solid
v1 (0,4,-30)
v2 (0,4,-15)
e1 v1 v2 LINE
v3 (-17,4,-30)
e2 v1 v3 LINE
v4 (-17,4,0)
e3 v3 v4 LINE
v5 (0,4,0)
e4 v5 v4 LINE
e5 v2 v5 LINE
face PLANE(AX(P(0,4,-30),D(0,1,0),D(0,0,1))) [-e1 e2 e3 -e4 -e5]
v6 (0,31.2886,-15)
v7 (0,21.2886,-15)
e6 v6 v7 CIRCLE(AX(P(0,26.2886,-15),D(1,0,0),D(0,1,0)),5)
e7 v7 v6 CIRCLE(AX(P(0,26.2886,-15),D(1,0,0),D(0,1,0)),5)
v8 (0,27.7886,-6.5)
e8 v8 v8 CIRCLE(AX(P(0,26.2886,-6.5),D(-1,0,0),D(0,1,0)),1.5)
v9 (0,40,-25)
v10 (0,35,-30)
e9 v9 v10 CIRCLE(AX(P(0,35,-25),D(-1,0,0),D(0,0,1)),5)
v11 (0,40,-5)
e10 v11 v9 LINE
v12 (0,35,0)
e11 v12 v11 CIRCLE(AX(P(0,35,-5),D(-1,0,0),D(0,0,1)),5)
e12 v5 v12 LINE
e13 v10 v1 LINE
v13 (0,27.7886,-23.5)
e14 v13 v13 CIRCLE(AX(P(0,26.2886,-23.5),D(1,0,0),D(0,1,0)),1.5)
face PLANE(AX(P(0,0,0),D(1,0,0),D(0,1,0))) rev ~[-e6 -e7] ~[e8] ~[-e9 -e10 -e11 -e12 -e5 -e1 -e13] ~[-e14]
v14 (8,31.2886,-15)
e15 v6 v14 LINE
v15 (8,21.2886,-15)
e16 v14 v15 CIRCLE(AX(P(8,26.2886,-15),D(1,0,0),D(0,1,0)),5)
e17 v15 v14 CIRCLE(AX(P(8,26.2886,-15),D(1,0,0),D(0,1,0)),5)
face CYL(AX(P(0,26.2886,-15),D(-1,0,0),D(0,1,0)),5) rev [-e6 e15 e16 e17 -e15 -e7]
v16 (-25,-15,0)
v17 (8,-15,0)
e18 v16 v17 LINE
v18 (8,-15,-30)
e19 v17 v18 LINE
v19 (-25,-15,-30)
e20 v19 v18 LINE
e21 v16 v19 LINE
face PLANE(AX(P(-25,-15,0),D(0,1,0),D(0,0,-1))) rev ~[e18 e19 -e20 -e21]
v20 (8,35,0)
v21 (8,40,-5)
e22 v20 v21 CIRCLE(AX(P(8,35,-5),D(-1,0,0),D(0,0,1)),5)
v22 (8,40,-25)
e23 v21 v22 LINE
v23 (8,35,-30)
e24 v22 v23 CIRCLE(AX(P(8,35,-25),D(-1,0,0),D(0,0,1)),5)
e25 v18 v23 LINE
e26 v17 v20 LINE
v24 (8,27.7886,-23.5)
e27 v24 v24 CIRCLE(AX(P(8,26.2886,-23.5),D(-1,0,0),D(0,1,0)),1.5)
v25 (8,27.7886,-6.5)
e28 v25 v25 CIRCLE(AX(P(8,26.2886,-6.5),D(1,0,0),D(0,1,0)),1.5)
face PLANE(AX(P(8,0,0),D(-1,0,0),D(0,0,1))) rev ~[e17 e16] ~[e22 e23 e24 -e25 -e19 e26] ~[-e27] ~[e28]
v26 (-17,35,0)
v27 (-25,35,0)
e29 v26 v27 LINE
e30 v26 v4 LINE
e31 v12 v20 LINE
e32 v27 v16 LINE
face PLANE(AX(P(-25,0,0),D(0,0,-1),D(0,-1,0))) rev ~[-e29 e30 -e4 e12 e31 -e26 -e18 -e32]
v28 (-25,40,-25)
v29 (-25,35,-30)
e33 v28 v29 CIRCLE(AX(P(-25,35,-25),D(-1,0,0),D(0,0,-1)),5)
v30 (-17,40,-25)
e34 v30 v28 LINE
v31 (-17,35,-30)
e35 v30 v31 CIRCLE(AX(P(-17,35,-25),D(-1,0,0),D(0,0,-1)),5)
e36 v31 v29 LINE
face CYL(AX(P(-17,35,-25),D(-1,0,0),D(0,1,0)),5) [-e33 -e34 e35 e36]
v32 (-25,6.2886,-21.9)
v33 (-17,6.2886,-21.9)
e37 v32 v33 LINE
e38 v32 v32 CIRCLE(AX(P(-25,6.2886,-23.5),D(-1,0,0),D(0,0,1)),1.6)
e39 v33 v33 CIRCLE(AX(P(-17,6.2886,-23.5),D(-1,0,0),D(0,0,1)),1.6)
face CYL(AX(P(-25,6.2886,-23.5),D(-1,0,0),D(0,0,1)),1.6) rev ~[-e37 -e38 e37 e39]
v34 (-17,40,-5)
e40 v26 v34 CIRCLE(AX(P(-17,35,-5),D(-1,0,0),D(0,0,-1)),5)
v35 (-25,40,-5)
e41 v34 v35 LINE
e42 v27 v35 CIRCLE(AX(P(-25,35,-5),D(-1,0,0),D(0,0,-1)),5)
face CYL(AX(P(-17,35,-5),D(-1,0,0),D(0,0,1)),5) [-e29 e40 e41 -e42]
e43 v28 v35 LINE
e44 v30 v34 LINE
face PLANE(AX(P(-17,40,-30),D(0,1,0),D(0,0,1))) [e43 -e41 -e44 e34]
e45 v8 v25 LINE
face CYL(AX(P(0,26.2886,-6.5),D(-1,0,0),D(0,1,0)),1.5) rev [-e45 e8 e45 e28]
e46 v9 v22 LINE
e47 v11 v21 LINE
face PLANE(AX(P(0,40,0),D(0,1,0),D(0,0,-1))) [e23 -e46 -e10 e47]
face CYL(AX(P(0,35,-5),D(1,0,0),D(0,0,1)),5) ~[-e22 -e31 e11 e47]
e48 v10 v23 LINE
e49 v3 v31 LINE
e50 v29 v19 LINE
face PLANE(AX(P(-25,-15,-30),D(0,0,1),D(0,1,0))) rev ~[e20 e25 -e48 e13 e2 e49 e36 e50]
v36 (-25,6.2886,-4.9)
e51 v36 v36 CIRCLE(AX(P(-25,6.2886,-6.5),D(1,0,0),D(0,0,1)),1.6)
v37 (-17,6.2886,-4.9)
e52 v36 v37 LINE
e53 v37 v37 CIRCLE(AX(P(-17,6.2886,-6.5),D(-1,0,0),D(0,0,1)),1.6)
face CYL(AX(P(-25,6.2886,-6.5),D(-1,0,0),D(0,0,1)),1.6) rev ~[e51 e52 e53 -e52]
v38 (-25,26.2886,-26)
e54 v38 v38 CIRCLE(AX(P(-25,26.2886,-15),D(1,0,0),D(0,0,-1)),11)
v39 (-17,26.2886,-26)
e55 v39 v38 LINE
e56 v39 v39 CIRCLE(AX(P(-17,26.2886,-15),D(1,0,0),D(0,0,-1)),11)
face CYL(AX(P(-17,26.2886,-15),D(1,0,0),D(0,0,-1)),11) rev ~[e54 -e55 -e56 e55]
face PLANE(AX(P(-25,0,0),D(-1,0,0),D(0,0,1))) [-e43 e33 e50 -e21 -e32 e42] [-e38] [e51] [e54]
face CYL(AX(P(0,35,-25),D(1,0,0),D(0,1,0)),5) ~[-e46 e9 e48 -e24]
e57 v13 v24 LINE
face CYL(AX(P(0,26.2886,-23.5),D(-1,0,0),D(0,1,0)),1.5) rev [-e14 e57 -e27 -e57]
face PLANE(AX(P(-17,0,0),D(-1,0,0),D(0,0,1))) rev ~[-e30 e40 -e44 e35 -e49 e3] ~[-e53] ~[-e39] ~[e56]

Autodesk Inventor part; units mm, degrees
ref_plane "YZ Plane" through (0, 0, 0) normal (1, 0, 0) x (0, 1, 0)
ref_plane "XZ Plane" through (0, 0, 0) normal (0, 1, 0) x (-1, 0, 0)
ref_plane "XY Plane" through (0, 0, 0) normal (0, 0, 1) x (1, 0, 0)
sketch "Sketch1" plane through (0, 0, 0) normal (1, 0, 0) x (0, 1, 0)
  line L0 (0, 0) -> (40, 0)
  line L1 (40, 0) -> (40, -30)
  line L2 (40, -30) -> (0, -30)
  line L3 (0, -30) -> (0, 0)
  line L4 (0, -15) -> (26.2886, -15)
  circle A0 centre (26.2886, -15) radius 8.5
  circle A1 centre (26.2886, -23.5) radius 1.5
  circle A2 centre (26.2886, -6.5) radius 1.5
  circle A3 centre (26.2886, -15) radius 5
  dimension "d0" = 40
  dimension "d1" = 30
  dimension "d2" = 17
  dimension "d3" = 3
  dimension "d4" = 3
  dimension "d5" = 10
extrude "Extrusion1" add sketch "Sketch1" along normal blind 8 contours A0 A2 A1 | L0 L1 L2 L3
sketch "Sketch2" plane through (0, 0, 0) normal (-1, 0, 0) x (0, 0, 1)
  line L0 (0, 40) -> (0, 0) projected
  line L1 (-30, 0) -> (-30, 40) projected
  line L2 (0, 0) -> (-30, 0)
  line L3 (-30, 0) -> (-30, 4)
  line L4 (-30, 4) -> (0, 4)
  line L5 (0, 4) -> (0, 0)
  dimension "d8" = 4
extrude "Extrusion2" add sketch "Sketch2" along normal blind 17
sketch "Sketch3" plane through (-17, 0, 0) normal (-1, 0, 0) x (0, 0, 1)
  line L0 (0, 40) -> (0, 0) projected
  line L1 (-30, 40) -> (0, 40) projected
  line L2 (0, 0) -> (-30, 0)
  line L3 (-30, 0) -> (-30, 40)
  line L4 (-30, 40) -> (0, 40)
  line L5 (0, 40) -> (0, 0)
extrude "Extrusion3" add sketch "Sketch3" along normal blind 8
sketch "Sketch4" plane through (-17, 0, 0) normal (1, 0, 0) x (0, 0, -1)
  circle A0 centre (15, 26.2886) radius 5 projected
  circle A1 centre (15, 26.2886) radius 11
  point P0 (0, 0)
  dimension "d13" = 22
extrude "Extrusion4" cut sketch "Sketch4" against normal through all contours A0 | A1
fillet "Fillet1" radius 5 4 edges at (4, 40, 0) (-21, 40, 0) (-21, 40, -30) (4, 40, -30)
sketch "Sketch5" plane through (-25, 0, 0) normal (-1, 0, 0) x (0, 0, 1)
  circle A0 centre (-15, 26.2886) radius 11 projected
  line L0 (-15, 26.2886) -> (-15, 6.2886)
  line L1 (-15, 6.2886) -> (-6.5, 6.2886)
  line L2 (-30, 35) -> (-30, 4) projected
  line L3 (-6.5, 6.2886) -> (-23.5, 6.2886)
  circle A1 centre (-6.5, 6.2886) radius 1.6
  circle A2 centre (-23.5, 6.2886) radius 1.6
  point P0 (0, 0)
  dimension "d17" = 20
  dimension "d18" = 8.5
  dimension "d19" = 17
  dimension "d20" = 3.2
  dimension "d21" = 3.2
extrude "Extrusion5" cut sketch "Sketch5" against normal blind 10 contours A1 | A2
sketch "Sketch6" plane through (-25, 0, 0) normal (-1, 0, 0) x (0, 0, 1)
  line L0 (-30, 0) -> (-30, 35) projected
  line L1 (-30, 0) -> (0, 0)
  line L2 (0, 0) -> (0, -15)
  line L3 (0, -15) -> (-30, -15)
  line L4 (-30, -15) -> (-30, 0)
  dimension "d24" = 15
extrude "Extrusion6" add sketch "Sketch6" against normal blind 33
sketch "Sketch7" plane through (8, 0, 0) normal (1, 0, 0) x (0, 0, -1)
  arc A0 (30, 35) -> (25, 40) centre (25, 35) ccw projected
  line L0 (25, 40) -> (5, 40) projected
  arc A1 (5, 40) -> (0, 35) centre (5, 35) ccw projected
  line L1 (0, 35) -> (0, -15) projected
  line L2 (0, -15) -> (30, -15) projected
  line L3 (30, -15) -> (30, 35) projected
  circle A2 centre (23.5, 26.2886) radius 1.5 projected
  circle A3 centre (6.5, 26.2886) radius 1.5 projected
  circle A4 centre (15, 26.2886) radius 5 projected
  point P0 (0, 0)
sketch "Sketch8" plane through (-25, 0, 0) normal (-1, 0, 0) x (0, 0, 1)
  circle A0 centre (-23.5, 6.2886) radius 1.6 projected
  circle A1 centre (-6.5, 6.2886) radius 1.6 projected
  circle A2 centre (-15, 26.2886) radius 11 projected
  arc A3 (-25, 40) -> (-30, 35) centre (-25, 35) ccw projected
  line L0 (-30, 35) -> (-30, -15) projected
  line L1 (-30, -15) -> (0, -15) projected
  line L2 (0, -15) -> (0, 35) projected
  arc A4 (0, 35) -> (-5, 40) centre (-5, 35) ccw projected
  line L3 (-5, 40) -> (-25, 40) projected
  point P0 (0, 0)
properties part number "base" material "Polycarbonate, Clear"
